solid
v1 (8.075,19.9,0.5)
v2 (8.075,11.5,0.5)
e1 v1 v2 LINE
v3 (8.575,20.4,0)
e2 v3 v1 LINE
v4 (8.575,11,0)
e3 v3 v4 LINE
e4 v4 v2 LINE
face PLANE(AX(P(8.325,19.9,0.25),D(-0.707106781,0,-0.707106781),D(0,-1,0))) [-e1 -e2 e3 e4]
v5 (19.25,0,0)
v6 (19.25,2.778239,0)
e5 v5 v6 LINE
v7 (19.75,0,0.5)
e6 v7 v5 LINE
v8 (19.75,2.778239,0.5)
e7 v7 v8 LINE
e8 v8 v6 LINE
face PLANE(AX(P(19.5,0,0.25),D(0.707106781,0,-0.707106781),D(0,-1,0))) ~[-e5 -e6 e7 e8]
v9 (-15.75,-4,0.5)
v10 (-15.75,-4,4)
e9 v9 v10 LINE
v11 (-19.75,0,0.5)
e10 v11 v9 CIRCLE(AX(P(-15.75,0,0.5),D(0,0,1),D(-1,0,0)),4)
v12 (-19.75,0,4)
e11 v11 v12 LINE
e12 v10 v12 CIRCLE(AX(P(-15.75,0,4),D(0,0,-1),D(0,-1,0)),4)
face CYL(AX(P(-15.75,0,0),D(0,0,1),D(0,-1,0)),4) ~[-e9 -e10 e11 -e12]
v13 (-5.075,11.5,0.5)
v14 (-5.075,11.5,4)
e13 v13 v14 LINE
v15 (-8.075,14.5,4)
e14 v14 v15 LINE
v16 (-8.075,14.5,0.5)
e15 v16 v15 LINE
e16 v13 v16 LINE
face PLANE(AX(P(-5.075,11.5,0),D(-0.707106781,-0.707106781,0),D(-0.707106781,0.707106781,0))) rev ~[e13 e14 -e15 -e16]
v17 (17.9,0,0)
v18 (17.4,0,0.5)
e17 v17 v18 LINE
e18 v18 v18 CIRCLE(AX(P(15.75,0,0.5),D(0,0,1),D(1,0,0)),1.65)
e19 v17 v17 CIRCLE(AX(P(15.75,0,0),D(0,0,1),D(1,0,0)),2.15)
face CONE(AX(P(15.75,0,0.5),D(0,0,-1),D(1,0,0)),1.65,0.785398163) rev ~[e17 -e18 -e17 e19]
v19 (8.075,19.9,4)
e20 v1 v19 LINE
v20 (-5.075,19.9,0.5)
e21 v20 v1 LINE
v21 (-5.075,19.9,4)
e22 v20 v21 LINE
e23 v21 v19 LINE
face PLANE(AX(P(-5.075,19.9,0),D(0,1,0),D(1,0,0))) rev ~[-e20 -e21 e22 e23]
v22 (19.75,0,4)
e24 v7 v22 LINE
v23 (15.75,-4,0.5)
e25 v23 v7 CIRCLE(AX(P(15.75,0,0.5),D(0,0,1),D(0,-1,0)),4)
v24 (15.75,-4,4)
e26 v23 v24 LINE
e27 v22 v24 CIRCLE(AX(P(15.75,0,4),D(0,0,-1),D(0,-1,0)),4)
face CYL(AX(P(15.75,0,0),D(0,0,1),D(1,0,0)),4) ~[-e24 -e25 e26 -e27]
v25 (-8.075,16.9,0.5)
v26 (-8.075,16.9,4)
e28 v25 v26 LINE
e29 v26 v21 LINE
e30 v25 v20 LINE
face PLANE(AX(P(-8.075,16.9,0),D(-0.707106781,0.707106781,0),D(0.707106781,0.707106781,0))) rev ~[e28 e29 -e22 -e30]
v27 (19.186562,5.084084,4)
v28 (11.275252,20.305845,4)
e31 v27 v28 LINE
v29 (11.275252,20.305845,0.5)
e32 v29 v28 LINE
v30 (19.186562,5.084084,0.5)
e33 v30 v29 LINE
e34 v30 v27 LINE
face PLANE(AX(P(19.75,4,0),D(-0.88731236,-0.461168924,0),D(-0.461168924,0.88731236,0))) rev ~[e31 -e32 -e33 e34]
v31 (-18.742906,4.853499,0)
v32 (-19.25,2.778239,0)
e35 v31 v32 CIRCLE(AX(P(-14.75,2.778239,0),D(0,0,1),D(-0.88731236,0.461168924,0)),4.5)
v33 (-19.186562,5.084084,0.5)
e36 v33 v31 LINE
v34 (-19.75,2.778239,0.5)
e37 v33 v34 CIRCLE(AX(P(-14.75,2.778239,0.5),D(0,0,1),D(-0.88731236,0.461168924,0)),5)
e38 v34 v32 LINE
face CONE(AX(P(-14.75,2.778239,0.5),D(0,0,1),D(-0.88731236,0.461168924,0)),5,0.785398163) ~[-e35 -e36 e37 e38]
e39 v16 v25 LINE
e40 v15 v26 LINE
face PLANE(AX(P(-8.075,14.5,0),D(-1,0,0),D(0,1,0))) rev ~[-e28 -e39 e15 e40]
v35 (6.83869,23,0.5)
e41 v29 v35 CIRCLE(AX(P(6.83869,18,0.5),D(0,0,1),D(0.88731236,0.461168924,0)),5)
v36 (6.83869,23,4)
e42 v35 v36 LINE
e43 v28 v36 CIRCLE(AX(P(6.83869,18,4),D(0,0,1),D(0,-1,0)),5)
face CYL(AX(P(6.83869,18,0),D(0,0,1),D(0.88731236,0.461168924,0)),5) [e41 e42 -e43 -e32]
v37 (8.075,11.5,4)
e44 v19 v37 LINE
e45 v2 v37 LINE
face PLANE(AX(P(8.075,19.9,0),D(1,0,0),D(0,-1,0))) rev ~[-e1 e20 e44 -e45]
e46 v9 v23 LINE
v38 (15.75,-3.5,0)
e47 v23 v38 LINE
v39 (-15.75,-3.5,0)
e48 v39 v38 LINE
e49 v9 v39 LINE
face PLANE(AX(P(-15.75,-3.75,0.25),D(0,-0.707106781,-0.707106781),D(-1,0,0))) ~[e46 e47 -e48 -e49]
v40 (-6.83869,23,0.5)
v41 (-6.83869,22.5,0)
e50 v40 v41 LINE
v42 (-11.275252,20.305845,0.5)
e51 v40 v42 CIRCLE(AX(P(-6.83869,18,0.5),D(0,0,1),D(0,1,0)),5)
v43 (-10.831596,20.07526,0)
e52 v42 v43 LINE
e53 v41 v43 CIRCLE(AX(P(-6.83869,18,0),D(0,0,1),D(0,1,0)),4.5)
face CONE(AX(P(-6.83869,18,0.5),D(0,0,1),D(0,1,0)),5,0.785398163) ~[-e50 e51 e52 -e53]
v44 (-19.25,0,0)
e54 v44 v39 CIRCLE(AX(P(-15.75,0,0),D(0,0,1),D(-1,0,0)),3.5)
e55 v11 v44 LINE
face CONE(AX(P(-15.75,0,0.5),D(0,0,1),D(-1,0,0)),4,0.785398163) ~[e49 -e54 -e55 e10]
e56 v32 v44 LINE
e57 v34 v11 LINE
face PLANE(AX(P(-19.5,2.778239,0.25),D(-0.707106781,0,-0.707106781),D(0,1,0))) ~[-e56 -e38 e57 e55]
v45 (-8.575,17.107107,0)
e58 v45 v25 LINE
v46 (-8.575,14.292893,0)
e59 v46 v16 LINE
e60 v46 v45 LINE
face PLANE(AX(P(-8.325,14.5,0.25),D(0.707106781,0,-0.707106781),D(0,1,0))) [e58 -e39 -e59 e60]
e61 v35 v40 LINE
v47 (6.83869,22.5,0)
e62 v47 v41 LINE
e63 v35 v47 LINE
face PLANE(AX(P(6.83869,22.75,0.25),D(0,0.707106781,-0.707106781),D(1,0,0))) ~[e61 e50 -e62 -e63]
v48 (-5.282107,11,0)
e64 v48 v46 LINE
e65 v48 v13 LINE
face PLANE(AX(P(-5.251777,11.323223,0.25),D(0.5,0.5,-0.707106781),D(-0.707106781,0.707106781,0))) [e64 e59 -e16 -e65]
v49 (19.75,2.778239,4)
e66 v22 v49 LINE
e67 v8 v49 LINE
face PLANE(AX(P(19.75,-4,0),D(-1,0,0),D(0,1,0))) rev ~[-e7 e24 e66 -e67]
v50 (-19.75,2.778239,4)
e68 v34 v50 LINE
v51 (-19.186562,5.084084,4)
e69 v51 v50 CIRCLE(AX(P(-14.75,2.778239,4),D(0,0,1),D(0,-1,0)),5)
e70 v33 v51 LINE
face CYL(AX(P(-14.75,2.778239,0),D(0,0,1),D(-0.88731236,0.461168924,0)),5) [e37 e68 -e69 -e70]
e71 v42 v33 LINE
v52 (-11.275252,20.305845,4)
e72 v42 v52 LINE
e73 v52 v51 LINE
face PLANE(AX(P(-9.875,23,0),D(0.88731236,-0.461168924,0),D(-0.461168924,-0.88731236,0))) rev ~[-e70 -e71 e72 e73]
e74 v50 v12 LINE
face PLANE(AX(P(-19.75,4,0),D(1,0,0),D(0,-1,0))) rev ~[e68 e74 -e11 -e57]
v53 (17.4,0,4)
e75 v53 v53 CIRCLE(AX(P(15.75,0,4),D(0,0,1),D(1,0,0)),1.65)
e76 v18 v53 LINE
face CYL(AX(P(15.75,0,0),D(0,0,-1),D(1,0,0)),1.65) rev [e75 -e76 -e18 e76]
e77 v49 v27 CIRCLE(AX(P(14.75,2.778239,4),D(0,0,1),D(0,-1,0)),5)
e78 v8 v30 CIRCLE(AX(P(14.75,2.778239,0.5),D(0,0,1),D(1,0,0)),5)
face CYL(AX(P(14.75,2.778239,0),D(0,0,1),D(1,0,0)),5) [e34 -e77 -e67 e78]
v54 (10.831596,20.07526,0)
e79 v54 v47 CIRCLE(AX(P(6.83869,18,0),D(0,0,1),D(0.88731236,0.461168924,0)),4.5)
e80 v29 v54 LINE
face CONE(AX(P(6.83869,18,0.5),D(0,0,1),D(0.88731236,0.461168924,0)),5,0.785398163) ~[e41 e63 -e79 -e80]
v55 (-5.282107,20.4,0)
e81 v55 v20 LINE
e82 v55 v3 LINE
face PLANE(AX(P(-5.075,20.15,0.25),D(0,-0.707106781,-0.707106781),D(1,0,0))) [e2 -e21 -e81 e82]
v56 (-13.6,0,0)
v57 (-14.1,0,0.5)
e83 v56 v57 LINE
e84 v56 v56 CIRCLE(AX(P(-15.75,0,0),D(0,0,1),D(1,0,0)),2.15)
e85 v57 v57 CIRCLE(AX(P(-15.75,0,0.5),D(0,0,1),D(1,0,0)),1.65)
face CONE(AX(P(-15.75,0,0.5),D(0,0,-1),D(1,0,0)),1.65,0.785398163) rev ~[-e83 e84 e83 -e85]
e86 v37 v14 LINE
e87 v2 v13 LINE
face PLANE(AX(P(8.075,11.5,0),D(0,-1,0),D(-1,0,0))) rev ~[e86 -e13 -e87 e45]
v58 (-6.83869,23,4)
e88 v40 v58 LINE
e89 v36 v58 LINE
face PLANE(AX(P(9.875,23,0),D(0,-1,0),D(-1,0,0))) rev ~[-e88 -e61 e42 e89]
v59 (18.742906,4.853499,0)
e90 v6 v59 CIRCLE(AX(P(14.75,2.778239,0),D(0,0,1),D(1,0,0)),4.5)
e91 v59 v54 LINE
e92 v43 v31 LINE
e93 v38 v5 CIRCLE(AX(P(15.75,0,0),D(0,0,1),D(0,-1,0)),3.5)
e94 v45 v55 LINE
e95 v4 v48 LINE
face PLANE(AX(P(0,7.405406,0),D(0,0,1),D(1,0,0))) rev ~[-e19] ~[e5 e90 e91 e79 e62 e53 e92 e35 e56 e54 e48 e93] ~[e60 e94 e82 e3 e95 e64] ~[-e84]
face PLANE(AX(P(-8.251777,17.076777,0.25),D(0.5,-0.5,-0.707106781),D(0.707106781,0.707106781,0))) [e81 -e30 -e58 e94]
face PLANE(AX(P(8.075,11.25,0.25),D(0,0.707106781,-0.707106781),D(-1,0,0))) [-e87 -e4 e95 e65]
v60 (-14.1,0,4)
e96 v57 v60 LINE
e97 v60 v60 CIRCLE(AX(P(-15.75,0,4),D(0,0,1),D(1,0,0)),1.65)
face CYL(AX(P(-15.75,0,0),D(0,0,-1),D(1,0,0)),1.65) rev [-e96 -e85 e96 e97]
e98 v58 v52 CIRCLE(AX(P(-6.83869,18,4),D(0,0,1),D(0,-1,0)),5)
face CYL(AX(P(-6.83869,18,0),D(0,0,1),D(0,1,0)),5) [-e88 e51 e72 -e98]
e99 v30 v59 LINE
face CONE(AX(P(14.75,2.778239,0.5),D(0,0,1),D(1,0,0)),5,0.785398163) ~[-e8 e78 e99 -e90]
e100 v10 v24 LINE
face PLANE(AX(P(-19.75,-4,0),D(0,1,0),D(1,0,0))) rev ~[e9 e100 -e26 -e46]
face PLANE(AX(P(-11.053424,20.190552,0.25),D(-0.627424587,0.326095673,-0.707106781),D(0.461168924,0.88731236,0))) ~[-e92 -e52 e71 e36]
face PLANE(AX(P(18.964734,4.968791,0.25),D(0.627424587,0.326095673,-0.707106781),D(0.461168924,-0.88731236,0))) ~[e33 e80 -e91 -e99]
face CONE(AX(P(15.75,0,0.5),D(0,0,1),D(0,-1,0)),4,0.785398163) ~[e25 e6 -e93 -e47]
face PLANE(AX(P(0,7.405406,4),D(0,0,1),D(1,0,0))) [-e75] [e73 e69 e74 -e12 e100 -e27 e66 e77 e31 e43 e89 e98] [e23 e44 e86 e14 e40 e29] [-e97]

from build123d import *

# Parameters (mm, degrees)
F0_R     = 1.65
F1_DEPTH = 4
F2_R     = 5
F3_R     = 4
F4_SIZE  = 0.5


with BuildPart() as f1:
    # F0 (on Top) → F1 (new body)
    with BuildSketch(Plane.XY):
        Polygon((-19.75, -4), (0, -4), (19.75, -4), (19.75, 4), (9.875, 23), (0, 23), (-9.875, 23), (-19.75, 4), align=None)
        with Locations((-15.75, 0)):
            Circle(F0_R, mode=Mode.SUBTRACT)
        with Locations((15.75, 0)):
            Circle(F0_R, mode=Mode.SUBTRACT)
        Polygon((-8.075, 14.5), (-8.075, 15.7), (-8.075, 16.9), (-5.075, 19.9), (8.075, 19.9), (8.075, 15.7), (8.075, 11.5), (-5.075, 11.5), align=None, mode=Mode.SUBTRACT)
    extrude(amount=F1_DEPTH)

    # F2
    f2_edges = [f1.edges().sort_by_distance(p)[0] for p in [
        (-19.75, 4, 2),
        (-9.875, 23, 2),
        (9.875, 23, 2),
        (19.75, 4, 2),
    ]]
    fillet(f2_edges, radius=F2_R)

    # F3
    f3_edges = [f1.edges().sort_by_distance(p)[0] for p in [
        (19.75, -4, 2),
        (-19.75, -4, 2),
    ]]
    fillet(f3_edges, radius=F3_R)

    # F4
    f4_edges = [f1.edges().sort_by_distance(p)[0] for p in [
        (19.75, 1.38912, 0),
        (18.578427, -2.828427, 0),
        (19.607098, 3.965082, 0),
        (0, -4, 0),
        (15.230907, 12.694964, 0),
        (-18.578427, -2.828427, 0),
        (9.433953, 22.273712, 0),
        (-19.75, 1.38912, 0),
        (0, 23, 0),
        (-19.607098, 3.965082, 0),
        (-9.433953, 22.273712, 0),
        (-15.230907, 12.694964, 0),
        (-17.4, 0, 0),
        (14.1, 0, 0),
        (-8.075, 15.7, 0),
        (-6.575, 18.4, 0),
        (1.5, 19.9, 0),
        (8.075, 15.7, 0),
        (1.5, 11.5, 0),
        (-6.575, 13, 0),
    ]]
    chamfer(f4_edges, length=F4_SIZE)


solid = f1.part
